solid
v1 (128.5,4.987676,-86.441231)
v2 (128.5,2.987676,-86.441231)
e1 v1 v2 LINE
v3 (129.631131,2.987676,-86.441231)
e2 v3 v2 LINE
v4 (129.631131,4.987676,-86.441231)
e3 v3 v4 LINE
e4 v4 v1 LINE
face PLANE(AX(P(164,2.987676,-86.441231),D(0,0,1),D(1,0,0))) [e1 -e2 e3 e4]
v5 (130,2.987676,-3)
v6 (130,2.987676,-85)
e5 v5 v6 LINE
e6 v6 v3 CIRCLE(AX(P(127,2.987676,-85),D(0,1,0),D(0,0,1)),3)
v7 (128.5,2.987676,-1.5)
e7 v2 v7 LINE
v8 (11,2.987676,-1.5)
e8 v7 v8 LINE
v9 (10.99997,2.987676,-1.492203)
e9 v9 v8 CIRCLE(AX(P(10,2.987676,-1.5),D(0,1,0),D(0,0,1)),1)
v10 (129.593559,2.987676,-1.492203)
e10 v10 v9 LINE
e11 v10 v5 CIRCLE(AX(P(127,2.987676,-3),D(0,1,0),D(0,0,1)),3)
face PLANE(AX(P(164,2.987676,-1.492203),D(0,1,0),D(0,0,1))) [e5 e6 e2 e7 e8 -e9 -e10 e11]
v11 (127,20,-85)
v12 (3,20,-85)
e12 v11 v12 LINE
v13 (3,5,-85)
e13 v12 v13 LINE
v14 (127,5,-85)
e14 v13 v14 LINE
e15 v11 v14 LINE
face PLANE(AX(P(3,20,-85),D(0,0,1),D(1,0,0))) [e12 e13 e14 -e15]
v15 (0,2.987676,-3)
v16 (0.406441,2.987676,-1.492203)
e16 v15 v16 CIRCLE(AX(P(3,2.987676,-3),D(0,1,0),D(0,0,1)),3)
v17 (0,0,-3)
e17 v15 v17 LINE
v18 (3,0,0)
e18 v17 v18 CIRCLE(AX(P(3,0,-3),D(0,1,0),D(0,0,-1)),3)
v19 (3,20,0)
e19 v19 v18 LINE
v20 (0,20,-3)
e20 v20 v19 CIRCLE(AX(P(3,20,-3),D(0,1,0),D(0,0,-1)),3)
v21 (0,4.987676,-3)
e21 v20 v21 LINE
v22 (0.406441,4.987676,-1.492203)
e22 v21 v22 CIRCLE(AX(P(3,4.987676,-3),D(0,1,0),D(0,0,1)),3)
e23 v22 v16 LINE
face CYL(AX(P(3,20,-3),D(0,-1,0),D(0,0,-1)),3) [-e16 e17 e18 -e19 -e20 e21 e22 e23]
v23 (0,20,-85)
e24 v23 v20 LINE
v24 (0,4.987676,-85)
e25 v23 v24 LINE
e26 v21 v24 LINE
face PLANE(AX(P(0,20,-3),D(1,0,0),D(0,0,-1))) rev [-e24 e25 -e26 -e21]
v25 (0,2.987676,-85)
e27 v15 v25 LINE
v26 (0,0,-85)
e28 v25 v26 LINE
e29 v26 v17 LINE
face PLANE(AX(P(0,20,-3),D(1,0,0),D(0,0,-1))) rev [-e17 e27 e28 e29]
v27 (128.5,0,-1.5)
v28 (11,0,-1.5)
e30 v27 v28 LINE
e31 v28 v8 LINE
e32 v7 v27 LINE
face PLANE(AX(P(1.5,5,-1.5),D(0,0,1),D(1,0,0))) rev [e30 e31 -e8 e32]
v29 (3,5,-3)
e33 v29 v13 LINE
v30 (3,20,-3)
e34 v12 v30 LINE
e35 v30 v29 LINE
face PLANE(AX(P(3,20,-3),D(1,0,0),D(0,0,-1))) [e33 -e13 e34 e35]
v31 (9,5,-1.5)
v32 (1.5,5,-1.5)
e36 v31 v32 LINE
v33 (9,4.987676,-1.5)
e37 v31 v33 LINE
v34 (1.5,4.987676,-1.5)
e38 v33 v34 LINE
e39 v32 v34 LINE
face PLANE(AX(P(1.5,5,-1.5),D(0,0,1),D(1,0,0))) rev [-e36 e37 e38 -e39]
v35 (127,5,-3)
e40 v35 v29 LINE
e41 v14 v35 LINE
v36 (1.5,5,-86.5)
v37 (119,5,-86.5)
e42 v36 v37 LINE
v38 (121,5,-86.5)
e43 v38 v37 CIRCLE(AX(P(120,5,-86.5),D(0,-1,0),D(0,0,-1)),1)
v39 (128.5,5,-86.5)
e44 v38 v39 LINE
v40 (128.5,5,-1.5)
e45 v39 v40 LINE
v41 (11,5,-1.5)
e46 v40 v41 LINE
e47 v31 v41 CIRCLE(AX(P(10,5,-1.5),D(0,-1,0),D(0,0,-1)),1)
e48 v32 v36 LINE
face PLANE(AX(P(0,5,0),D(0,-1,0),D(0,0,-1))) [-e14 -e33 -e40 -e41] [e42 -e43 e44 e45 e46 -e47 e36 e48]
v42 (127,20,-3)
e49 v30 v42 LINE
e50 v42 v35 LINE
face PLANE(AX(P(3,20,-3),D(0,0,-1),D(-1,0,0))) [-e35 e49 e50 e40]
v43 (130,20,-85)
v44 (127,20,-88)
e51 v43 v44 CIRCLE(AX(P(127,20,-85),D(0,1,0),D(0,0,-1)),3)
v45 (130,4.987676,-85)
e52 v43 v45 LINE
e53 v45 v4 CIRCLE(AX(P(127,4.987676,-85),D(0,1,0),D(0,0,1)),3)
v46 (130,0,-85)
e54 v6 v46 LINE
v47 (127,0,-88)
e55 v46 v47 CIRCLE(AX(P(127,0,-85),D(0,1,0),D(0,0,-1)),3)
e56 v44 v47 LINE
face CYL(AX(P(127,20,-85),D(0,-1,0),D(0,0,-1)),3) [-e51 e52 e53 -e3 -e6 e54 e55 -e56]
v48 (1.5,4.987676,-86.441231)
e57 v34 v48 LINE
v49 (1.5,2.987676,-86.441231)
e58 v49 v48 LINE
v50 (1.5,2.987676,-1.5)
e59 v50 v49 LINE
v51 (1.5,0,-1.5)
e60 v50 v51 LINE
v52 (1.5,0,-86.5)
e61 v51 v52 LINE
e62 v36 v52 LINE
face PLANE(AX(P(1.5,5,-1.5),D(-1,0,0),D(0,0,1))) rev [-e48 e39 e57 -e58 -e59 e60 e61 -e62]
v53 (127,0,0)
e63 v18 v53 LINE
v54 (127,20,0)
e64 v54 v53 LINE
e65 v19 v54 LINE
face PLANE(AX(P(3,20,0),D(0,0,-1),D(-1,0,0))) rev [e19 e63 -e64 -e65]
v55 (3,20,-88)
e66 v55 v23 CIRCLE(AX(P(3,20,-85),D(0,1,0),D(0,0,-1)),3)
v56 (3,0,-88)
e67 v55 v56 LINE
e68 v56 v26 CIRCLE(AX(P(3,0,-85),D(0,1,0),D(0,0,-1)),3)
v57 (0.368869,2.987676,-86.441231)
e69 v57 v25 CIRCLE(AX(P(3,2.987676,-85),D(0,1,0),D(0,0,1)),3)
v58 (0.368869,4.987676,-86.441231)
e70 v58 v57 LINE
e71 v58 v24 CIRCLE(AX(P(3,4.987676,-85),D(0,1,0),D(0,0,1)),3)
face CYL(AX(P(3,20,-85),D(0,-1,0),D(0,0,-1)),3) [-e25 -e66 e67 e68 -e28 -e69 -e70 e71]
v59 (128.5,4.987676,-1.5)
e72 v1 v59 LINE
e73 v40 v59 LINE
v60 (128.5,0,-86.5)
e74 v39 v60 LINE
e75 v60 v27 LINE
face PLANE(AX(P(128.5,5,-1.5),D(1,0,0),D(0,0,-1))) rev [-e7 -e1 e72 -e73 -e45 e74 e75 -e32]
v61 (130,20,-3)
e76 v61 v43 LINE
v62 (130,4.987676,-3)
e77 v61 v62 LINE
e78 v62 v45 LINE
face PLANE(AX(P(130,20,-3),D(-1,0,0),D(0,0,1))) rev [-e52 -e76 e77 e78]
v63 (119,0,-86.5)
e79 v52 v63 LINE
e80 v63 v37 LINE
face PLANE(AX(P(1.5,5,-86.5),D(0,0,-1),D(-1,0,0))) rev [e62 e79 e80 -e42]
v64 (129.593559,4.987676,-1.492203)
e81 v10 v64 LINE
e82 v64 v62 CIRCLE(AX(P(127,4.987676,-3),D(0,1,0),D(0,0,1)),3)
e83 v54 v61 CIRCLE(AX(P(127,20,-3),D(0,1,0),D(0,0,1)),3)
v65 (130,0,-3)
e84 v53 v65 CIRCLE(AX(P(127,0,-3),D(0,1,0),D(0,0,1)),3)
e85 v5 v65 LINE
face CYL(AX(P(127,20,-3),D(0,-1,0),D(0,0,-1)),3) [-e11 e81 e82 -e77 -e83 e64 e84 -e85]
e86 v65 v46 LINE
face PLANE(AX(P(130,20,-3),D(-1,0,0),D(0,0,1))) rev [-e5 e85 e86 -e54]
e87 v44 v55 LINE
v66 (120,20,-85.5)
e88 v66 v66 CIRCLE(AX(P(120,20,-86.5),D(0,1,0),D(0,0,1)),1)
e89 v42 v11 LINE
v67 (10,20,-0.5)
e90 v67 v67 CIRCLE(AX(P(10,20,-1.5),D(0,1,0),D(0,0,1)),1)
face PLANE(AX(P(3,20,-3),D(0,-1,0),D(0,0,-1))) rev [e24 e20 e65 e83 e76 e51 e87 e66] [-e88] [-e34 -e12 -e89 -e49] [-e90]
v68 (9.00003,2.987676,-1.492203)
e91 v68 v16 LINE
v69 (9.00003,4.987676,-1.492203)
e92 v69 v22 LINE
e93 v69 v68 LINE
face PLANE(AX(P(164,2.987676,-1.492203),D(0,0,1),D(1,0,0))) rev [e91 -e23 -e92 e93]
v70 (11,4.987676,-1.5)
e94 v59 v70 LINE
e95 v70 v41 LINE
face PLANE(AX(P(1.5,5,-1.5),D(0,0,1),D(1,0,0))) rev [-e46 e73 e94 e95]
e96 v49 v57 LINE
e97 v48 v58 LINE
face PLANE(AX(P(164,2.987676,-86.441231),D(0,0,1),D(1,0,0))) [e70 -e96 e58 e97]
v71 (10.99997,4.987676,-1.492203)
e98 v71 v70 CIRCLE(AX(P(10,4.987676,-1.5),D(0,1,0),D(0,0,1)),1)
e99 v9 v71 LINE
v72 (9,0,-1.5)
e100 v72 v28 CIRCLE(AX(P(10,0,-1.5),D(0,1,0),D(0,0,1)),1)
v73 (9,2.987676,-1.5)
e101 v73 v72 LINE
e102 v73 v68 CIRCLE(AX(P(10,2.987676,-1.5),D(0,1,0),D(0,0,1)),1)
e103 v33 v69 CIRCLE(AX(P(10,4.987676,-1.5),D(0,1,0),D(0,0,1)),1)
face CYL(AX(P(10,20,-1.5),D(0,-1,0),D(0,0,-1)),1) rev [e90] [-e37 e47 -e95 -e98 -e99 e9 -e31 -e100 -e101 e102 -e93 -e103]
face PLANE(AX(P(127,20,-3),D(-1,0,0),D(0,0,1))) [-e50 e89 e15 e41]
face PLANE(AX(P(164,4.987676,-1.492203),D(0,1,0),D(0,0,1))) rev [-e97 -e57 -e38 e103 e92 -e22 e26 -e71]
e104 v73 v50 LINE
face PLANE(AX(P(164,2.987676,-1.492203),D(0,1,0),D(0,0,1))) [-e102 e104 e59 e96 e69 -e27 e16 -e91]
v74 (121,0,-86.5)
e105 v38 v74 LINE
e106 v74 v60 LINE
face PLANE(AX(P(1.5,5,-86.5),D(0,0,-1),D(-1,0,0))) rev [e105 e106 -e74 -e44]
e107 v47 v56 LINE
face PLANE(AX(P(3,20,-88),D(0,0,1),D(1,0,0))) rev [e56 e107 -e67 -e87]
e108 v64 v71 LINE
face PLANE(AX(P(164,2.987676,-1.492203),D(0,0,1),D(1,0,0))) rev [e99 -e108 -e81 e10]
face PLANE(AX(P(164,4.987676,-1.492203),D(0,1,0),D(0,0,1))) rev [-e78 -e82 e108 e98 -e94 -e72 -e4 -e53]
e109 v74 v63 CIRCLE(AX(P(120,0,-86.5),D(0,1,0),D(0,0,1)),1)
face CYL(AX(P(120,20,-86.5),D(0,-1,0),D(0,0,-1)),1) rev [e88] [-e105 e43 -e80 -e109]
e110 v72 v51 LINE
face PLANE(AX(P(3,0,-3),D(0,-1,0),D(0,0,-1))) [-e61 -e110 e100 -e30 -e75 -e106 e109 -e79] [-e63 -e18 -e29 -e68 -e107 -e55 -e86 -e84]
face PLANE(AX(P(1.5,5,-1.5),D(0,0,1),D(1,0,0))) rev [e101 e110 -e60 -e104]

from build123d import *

# Parameters (mm, degrees)
SKETCH_1_R          = 1
SKETCH_1_W          = 124
SKETCH_1_H          = 82
EXTRUDE_2_DEPTH     = 20
SKETCH_2_W          = 127
SKETCH_2_H          = 85
CUT_EXTRUDE_1_DEPTH = 5
SKETCH_3_W          = 84.949028024
SKETCH_3_H          = 2
CUT_EXTRUDE_3_DEPTH = 164


with BuildPart() as part:
    # Эскиз1 → Бобышка-Вытянуть2 (new body)
    with BuildSketch(Plane(origin=(0, 0, 0), x_dir=(1, 0, 0), z_dir=(0, 1, 0))):
        with BuildLine():
            Line((3, 0), (127, 0))
            ThreePointArc((127, 0), (129.121320344, 0.878679656), (130, 3))
            Line((130, 3), (130, 85))
            ThreePointArc((130, 85), (129.121320344, 87.121320344), (127, 88))
            Line((127, 88), (3, 88))
            ThreePointArc((3, 88), (0.878679656, 87.121320344), (0, 85))
            Line((0, 85), (0, 3))
            ThreePointArc((0, 3), (0.878679656, 0.878679656), (3, 0))
        make_face()
        with Locations((120, 86.5)):
            Circle(SKETCH_1_R, mode=Mode.SUBTRACT)
        with Locations((10, 1.5)):
            Circle(SKETCH_1_R, mode=Mode.SUBTRACT)
        with Locations((65, 44)):
            Rectangle(SKETCH_1_W, SKETCH_1_H, mode=Mode.SUBTRACT)
    extrude(amount=EXTRUDE_2_DEPTH)

    # Эскиз2 → Вырез-Вытянуть1 (cut)
    with BuildSketch(Plane(origin=(0, 0, 0), x_dir=(-1, 0, 0), z_dir=(0, -1, 0))):
        with Locations((-65, 44)):
            Rectangle(SKETCH_2_W, SKETCH_2_H)
    extrude(amount=-CUT_EXTRUDE_1_DEPTH, mode=Mode.SUBTRACT)

    # Эскиз3 → Вырез-Вытянуть3 (cut)
    with BuildSketch(Plane.ZY):
        with Locations((-43.966717109, 3.987675958)):
            Rectangle(SKETCH_3_W, SKETCH_3_H)
    extrude(amount=-CUT_EXTRUDE_3_DEPTH, mode=Mode.SUBTRACT)


solid = part.part
